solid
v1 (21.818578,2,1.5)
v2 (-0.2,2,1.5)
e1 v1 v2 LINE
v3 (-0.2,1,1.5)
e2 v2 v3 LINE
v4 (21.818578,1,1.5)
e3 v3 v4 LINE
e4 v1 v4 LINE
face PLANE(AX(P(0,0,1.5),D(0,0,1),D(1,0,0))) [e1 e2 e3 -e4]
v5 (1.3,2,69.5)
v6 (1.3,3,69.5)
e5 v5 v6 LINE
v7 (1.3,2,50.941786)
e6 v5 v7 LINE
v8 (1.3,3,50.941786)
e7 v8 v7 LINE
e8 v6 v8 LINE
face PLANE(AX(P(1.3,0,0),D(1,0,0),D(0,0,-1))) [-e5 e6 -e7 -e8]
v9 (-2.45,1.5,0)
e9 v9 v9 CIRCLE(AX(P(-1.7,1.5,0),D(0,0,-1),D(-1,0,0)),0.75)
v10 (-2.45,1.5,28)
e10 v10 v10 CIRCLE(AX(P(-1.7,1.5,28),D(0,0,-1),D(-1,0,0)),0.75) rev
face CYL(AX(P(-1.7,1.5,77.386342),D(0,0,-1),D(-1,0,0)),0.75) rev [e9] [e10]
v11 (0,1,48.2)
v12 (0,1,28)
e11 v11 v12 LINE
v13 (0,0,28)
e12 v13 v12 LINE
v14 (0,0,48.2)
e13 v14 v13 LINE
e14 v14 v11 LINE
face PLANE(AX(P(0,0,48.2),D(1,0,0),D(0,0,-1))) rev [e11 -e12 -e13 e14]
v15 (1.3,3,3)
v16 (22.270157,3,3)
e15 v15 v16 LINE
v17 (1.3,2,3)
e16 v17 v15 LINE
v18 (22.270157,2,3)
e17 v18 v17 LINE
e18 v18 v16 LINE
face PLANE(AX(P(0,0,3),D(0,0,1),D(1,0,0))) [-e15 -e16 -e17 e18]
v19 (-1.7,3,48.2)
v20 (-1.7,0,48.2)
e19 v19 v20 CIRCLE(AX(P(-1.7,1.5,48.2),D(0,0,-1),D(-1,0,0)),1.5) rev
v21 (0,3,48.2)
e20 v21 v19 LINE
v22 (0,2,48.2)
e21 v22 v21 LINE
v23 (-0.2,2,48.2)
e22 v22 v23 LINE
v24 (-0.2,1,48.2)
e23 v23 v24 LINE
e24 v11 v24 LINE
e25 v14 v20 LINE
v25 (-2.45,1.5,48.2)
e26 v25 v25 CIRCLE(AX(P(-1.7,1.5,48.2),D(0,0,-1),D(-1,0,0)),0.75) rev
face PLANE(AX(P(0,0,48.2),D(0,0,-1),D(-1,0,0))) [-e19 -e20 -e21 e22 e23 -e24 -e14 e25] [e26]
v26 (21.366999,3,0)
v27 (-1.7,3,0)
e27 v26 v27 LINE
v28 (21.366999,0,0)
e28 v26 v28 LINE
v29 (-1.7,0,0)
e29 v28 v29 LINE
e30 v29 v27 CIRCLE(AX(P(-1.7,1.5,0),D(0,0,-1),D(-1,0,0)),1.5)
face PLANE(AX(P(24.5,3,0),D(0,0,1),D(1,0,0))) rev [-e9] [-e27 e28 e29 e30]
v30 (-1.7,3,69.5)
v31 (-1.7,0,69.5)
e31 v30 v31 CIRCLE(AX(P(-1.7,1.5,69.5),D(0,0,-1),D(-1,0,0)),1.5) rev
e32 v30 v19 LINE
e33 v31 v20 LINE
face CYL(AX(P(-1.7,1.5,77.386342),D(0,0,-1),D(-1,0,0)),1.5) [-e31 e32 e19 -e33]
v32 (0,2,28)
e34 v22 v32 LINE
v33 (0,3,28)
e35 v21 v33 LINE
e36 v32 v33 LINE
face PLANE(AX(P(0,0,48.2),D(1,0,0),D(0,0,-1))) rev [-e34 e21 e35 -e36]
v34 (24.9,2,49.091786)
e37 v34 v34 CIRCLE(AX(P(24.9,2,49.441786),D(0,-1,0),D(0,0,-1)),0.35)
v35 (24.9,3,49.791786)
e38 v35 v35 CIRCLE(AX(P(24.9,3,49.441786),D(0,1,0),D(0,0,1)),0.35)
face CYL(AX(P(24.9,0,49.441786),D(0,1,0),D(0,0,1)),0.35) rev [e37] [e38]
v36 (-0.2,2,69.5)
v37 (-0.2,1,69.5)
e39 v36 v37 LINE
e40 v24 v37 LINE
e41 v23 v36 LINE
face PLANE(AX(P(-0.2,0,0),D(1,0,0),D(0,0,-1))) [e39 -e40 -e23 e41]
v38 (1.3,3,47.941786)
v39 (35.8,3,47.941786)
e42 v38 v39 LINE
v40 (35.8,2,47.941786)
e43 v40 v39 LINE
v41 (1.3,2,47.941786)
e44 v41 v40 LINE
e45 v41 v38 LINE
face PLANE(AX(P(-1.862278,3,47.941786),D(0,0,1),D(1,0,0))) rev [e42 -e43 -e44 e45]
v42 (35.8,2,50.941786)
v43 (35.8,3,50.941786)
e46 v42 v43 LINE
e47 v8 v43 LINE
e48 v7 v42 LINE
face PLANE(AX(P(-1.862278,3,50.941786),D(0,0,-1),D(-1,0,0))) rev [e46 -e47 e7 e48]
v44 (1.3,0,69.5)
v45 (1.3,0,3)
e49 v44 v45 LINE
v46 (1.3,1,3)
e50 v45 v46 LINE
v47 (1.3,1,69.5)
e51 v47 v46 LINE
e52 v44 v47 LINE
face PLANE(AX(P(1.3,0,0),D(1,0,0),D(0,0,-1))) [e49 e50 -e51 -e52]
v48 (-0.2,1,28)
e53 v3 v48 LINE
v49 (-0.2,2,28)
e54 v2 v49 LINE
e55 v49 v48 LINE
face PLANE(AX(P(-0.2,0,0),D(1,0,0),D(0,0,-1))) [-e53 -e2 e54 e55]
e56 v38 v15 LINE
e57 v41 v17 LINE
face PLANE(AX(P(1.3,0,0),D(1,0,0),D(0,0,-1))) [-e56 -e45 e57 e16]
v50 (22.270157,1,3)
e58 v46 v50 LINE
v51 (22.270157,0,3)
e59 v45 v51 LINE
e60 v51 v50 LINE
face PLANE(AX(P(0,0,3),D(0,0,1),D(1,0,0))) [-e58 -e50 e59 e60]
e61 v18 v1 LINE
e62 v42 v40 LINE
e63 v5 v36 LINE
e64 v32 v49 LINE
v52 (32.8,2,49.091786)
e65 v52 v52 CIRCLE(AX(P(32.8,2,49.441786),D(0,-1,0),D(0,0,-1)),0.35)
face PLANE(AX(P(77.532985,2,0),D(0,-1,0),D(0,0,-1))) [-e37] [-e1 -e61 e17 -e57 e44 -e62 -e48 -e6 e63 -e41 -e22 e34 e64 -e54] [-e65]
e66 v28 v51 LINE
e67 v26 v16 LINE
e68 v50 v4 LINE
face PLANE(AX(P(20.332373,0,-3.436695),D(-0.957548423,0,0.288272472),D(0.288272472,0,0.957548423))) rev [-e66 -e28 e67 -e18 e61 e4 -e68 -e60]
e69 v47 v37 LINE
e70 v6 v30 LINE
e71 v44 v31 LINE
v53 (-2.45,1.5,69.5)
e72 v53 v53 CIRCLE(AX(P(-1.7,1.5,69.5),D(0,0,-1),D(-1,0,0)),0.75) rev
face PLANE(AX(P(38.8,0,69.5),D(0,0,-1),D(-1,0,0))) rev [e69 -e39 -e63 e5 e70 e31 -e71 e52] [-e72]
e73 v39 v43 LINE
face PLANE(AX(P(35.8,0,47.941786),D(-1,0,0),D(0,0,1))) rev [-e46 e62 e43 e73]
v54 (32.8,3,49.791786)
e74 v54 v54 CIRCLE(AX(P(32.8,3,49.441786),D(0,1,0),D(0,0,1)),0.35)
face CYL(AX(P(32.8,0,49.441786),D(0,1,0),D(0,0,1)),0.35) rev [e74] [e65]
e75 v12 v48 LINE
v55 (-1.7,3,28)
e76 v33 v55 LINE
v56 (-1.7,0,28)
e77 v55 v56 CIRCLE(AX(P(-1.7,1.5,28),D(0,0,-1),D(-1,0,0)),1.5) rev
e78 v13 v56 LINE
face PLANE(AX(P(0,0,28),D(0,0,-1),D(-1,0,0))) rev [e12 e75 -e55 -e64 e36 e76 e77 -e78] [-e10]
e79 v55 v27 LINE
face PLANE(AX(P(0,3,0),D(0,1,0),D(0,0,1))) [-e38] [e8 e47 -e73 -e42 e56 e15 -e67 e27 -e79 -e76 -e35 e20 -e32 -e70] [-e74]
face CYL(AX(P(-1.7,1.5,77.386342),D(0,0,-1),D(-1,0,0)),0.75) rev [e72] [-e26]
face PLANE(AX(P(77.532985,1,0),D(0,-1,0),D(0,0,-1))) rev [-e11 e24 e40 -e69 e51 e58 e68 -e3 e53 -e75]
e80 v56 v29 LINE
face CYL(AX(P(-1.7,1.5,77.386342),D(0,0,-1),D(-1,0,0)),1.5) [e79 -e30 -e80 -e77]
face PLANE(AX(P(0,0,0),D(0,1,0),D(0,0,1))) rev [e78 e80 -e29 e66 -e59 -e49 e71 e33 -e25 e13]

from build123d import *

# Parameters (mm, degrees)
EXTRUDE_1_DEPTH                   = 3
SKETCH_2_R                        = 1.5
SKETCH_2_R_2                      = 0.75
EXTRUDE_2_DEPTH                   = 73
SKETCH_3_W                        = 42
SKETCH_3_H                        = 3.5
SKETCH_3_W_2                      = 3.2
SKETCH_3_H_2                      = 20.2
CUT_EXTRUDE_1_DEPTH               = 83.725086884
CUT_EXTRUDE_2_REACH               = 84.028
CUT_EXTRUDE_2_OFFSET_FROM_SURFACE = 1.5
CUT_EXTRUDE_START                 = -1.5
SKETCH_4_W                        = 44.5
SKETCH_4_H                        = 1
SKETCH_4_3_W                      = 22
SKETCH_4_3_H                      = 1
CUT_EXTRUDE_3_DEPTH               = 37.5
SKETCH_5_W                        = 3
SKETCH_5_H                        = 1
EXTRUDE_3_DEPTH                   = 34.5
SKETCH_6_R                        = 0.35
CUT_EXTRUDE_4_DEPTH               = 80.653562381
SKETCH_7_W                        = 24.036657481
SKETCH_7_H                        = 1
CUT_EXTRUDE_5_DEPTH               = 1.5
CUT_EXTRUDE_6_DEPTH               = 80.653562381


with BuildPart() as part:
    # 草图1 → 凸台-拉伸1 (new body)
    with BuildSketch(Plane(origin=(0, 0, 0), x_dir=(1, 0, 0), z_dir=(0, 1, 0))):
        Polygon((0, 0), (0, -73), (38.8, -73), (38.8, -47.5), (24.5, 0), align=None)
    extrude(amount=EXTRUDE_1_DEPTH)

    # 草图2 → 凸台-拉伸2 (add)
    # profile 1 of 2: a face of its own
    with BuildSketch(Plane(origin=(0, 0, 0), x_dir=(-1, 0, 0), z_dir=(0, 0, -1))):
        with BuildLine():
            Line((0, 3), (0, 0))
            Line((0, 0), (1.7, 0))
            ThreePointArc((1.7, 0), (0.2, 1.5), (1.7, 3))
            Line((1.7, 3), (0, 3))
        make_face()
    # profile 2 of 2: a face of its own
    with BuildSketch(Plane(origin=(0, 0, 0), x_dir=(-1, 0, 0), z_dir=(0, 0, -1))):
        with Locations((1.7, 1.5)):
            Circle(SKETCH_2_R)
        with Locations((1.7, 1.5)):
            Circle(SKETCH_2_R_2, mode=Mode.SUBTRACT)
    extrude(amount=-EXTRUDE_2_DEPTH)

    # 草图3 → 切除-拉伸1 (cut, through all)
    with BuildSketch(Plane(origin=(0, 3, 0), x_dir=(1, 0, 0), z_dir=(0, 1, 0))):
        with Locations((17.8, -71.25)):
            Rectangle(SKETCH_3_W, SKETCH_3_H)
        with Locations((-1.6, -38.1)):
            Rectangle(SKETCH_3_W_2, SKETCH_3_H_2)
        Polygon((1.3, -3), (22.270157068, -3), (35.8, -47.941785964), (35.8, -69.5), (1.3, -69.5), align=None)
    extrude(amount=-CUT_EXTRUDE_1_DEPTH, mode=Mode.SUBTRACT)

    # 切除-拉伸2: up to this face of the body (flat: up to its plane, moved by the offset)
    cut_extrude_2_end = Plane(part.part.faces().sort_by_distance((29.035078534, 1.5, 25.470892982))[0]).offset(-CUT_EXTRUDE_2_OFFSET_FROM_SURFACE)
    # 草图4 → 切除-拉伸2 (cut, up to the picked face)
    with BuildSketch(Plane(origin=(1.3, 0, 0), x_dir=(0, 0, -1), z_dir=(1, 0, 0)).offset(CUT_EXTRUDE_START), mode=Mode.PRIVATE) as cut_extrude_2_sk1:
        with Locations((-25.25, 1.5)):
            Rectangle(SKETCH_4_W, SKETCH_4_H)
    cut_extrude_2_tool1 = split(extrude(cut_extrude_2_sk1.sketch, amount=CUT_EXTRUDE_2_REACH, mode=Mode.PRIVATE), bisect_by=cut_extrude_2_end, keep=Keep.BOTH, mode=Mode.PRIVATE)
    add(cut_extrude_2_tool1.solids().sort_by(Axis((-0.2, 1.5, 25.25), (1, 0, 0)))[0], mode=Mode.SUBTRACT)

    # 草图4<3> → 切除-拉伸3 (cut)
    with BuildSketch(Plane(origin=(1.3, 0, 0), x_dir=(0, 0, -1), z_dir=(1, 0, 0)).offset(CUT_EXTRUDE_START)):
        with Locations((-58.5, 1.5)):
            Rectangle(SKETCH_4_3_W, SKETCH_4_3_H)
    extrude(amount=CUT_EXTRUDE_3_DEPTH, mode=Mode.SUBTRACT)

    # 草图5 → 凸台-拉伸3 (add)
    with BuildSketch(Plane.ZY.offset(-35.8)):
        with Locations((49.441785964, 2.5)):
            Rectangle(SKETCH_5_W, SKETCH_5_H)
    extrude(amount=EXTRUDE_3_DEPTH)

    # 草图6 → 切除-拉伸4 (cut, through all)
    with BuildSketch(Plane(origin=(0, 3, 0), x_dir=(1, 0, 0), z_dir=(0, 1, 0))):
        with Locations(Location((32.8, -49.441785964, 0), (0, 0, 270))):
            Circle(SKETCH_6_R)
        with Locations(Location((24.9, -49.441785964, 0), (0, 0, 270))):
            Circle(SKETCH_6_R)
    extrude(amount=-CUT_EXTRUDE_4_DEPTH, mode=Mode.SUBTRACT)

    # 草图7 → 切除-拉伸5 (cut)
    with BuildSketch(Plane.XY.offset(3)):
        with Locations((11.818328741, 1.5)):
            Rectangle(SKETCH_7_W, SKETCH_7_H)
    extrude(amount=-CUT_EXTRUDE_5_DEPTH, mode=Mode.SUBTRACT)

    # 草图8 → 切除-拉伸6 (cut, through all)
    with BuildSketch(Plane(origin=(0, 3, 0), x_dir=(1, 0, 0), z_dir=(0, 1, 0))):
        Polygon((20.332372981, 3.436695391), (35.8, -47.941785964), (35.8, -72.849501568), (56.307983414, -72.849501568), (56.307983414, 3.436695391), align=None)
    extrude(amount=-CUT_EXTRUDE_6_DEPTH, mode=Mode.SUBTRACT)


solid = part.part
